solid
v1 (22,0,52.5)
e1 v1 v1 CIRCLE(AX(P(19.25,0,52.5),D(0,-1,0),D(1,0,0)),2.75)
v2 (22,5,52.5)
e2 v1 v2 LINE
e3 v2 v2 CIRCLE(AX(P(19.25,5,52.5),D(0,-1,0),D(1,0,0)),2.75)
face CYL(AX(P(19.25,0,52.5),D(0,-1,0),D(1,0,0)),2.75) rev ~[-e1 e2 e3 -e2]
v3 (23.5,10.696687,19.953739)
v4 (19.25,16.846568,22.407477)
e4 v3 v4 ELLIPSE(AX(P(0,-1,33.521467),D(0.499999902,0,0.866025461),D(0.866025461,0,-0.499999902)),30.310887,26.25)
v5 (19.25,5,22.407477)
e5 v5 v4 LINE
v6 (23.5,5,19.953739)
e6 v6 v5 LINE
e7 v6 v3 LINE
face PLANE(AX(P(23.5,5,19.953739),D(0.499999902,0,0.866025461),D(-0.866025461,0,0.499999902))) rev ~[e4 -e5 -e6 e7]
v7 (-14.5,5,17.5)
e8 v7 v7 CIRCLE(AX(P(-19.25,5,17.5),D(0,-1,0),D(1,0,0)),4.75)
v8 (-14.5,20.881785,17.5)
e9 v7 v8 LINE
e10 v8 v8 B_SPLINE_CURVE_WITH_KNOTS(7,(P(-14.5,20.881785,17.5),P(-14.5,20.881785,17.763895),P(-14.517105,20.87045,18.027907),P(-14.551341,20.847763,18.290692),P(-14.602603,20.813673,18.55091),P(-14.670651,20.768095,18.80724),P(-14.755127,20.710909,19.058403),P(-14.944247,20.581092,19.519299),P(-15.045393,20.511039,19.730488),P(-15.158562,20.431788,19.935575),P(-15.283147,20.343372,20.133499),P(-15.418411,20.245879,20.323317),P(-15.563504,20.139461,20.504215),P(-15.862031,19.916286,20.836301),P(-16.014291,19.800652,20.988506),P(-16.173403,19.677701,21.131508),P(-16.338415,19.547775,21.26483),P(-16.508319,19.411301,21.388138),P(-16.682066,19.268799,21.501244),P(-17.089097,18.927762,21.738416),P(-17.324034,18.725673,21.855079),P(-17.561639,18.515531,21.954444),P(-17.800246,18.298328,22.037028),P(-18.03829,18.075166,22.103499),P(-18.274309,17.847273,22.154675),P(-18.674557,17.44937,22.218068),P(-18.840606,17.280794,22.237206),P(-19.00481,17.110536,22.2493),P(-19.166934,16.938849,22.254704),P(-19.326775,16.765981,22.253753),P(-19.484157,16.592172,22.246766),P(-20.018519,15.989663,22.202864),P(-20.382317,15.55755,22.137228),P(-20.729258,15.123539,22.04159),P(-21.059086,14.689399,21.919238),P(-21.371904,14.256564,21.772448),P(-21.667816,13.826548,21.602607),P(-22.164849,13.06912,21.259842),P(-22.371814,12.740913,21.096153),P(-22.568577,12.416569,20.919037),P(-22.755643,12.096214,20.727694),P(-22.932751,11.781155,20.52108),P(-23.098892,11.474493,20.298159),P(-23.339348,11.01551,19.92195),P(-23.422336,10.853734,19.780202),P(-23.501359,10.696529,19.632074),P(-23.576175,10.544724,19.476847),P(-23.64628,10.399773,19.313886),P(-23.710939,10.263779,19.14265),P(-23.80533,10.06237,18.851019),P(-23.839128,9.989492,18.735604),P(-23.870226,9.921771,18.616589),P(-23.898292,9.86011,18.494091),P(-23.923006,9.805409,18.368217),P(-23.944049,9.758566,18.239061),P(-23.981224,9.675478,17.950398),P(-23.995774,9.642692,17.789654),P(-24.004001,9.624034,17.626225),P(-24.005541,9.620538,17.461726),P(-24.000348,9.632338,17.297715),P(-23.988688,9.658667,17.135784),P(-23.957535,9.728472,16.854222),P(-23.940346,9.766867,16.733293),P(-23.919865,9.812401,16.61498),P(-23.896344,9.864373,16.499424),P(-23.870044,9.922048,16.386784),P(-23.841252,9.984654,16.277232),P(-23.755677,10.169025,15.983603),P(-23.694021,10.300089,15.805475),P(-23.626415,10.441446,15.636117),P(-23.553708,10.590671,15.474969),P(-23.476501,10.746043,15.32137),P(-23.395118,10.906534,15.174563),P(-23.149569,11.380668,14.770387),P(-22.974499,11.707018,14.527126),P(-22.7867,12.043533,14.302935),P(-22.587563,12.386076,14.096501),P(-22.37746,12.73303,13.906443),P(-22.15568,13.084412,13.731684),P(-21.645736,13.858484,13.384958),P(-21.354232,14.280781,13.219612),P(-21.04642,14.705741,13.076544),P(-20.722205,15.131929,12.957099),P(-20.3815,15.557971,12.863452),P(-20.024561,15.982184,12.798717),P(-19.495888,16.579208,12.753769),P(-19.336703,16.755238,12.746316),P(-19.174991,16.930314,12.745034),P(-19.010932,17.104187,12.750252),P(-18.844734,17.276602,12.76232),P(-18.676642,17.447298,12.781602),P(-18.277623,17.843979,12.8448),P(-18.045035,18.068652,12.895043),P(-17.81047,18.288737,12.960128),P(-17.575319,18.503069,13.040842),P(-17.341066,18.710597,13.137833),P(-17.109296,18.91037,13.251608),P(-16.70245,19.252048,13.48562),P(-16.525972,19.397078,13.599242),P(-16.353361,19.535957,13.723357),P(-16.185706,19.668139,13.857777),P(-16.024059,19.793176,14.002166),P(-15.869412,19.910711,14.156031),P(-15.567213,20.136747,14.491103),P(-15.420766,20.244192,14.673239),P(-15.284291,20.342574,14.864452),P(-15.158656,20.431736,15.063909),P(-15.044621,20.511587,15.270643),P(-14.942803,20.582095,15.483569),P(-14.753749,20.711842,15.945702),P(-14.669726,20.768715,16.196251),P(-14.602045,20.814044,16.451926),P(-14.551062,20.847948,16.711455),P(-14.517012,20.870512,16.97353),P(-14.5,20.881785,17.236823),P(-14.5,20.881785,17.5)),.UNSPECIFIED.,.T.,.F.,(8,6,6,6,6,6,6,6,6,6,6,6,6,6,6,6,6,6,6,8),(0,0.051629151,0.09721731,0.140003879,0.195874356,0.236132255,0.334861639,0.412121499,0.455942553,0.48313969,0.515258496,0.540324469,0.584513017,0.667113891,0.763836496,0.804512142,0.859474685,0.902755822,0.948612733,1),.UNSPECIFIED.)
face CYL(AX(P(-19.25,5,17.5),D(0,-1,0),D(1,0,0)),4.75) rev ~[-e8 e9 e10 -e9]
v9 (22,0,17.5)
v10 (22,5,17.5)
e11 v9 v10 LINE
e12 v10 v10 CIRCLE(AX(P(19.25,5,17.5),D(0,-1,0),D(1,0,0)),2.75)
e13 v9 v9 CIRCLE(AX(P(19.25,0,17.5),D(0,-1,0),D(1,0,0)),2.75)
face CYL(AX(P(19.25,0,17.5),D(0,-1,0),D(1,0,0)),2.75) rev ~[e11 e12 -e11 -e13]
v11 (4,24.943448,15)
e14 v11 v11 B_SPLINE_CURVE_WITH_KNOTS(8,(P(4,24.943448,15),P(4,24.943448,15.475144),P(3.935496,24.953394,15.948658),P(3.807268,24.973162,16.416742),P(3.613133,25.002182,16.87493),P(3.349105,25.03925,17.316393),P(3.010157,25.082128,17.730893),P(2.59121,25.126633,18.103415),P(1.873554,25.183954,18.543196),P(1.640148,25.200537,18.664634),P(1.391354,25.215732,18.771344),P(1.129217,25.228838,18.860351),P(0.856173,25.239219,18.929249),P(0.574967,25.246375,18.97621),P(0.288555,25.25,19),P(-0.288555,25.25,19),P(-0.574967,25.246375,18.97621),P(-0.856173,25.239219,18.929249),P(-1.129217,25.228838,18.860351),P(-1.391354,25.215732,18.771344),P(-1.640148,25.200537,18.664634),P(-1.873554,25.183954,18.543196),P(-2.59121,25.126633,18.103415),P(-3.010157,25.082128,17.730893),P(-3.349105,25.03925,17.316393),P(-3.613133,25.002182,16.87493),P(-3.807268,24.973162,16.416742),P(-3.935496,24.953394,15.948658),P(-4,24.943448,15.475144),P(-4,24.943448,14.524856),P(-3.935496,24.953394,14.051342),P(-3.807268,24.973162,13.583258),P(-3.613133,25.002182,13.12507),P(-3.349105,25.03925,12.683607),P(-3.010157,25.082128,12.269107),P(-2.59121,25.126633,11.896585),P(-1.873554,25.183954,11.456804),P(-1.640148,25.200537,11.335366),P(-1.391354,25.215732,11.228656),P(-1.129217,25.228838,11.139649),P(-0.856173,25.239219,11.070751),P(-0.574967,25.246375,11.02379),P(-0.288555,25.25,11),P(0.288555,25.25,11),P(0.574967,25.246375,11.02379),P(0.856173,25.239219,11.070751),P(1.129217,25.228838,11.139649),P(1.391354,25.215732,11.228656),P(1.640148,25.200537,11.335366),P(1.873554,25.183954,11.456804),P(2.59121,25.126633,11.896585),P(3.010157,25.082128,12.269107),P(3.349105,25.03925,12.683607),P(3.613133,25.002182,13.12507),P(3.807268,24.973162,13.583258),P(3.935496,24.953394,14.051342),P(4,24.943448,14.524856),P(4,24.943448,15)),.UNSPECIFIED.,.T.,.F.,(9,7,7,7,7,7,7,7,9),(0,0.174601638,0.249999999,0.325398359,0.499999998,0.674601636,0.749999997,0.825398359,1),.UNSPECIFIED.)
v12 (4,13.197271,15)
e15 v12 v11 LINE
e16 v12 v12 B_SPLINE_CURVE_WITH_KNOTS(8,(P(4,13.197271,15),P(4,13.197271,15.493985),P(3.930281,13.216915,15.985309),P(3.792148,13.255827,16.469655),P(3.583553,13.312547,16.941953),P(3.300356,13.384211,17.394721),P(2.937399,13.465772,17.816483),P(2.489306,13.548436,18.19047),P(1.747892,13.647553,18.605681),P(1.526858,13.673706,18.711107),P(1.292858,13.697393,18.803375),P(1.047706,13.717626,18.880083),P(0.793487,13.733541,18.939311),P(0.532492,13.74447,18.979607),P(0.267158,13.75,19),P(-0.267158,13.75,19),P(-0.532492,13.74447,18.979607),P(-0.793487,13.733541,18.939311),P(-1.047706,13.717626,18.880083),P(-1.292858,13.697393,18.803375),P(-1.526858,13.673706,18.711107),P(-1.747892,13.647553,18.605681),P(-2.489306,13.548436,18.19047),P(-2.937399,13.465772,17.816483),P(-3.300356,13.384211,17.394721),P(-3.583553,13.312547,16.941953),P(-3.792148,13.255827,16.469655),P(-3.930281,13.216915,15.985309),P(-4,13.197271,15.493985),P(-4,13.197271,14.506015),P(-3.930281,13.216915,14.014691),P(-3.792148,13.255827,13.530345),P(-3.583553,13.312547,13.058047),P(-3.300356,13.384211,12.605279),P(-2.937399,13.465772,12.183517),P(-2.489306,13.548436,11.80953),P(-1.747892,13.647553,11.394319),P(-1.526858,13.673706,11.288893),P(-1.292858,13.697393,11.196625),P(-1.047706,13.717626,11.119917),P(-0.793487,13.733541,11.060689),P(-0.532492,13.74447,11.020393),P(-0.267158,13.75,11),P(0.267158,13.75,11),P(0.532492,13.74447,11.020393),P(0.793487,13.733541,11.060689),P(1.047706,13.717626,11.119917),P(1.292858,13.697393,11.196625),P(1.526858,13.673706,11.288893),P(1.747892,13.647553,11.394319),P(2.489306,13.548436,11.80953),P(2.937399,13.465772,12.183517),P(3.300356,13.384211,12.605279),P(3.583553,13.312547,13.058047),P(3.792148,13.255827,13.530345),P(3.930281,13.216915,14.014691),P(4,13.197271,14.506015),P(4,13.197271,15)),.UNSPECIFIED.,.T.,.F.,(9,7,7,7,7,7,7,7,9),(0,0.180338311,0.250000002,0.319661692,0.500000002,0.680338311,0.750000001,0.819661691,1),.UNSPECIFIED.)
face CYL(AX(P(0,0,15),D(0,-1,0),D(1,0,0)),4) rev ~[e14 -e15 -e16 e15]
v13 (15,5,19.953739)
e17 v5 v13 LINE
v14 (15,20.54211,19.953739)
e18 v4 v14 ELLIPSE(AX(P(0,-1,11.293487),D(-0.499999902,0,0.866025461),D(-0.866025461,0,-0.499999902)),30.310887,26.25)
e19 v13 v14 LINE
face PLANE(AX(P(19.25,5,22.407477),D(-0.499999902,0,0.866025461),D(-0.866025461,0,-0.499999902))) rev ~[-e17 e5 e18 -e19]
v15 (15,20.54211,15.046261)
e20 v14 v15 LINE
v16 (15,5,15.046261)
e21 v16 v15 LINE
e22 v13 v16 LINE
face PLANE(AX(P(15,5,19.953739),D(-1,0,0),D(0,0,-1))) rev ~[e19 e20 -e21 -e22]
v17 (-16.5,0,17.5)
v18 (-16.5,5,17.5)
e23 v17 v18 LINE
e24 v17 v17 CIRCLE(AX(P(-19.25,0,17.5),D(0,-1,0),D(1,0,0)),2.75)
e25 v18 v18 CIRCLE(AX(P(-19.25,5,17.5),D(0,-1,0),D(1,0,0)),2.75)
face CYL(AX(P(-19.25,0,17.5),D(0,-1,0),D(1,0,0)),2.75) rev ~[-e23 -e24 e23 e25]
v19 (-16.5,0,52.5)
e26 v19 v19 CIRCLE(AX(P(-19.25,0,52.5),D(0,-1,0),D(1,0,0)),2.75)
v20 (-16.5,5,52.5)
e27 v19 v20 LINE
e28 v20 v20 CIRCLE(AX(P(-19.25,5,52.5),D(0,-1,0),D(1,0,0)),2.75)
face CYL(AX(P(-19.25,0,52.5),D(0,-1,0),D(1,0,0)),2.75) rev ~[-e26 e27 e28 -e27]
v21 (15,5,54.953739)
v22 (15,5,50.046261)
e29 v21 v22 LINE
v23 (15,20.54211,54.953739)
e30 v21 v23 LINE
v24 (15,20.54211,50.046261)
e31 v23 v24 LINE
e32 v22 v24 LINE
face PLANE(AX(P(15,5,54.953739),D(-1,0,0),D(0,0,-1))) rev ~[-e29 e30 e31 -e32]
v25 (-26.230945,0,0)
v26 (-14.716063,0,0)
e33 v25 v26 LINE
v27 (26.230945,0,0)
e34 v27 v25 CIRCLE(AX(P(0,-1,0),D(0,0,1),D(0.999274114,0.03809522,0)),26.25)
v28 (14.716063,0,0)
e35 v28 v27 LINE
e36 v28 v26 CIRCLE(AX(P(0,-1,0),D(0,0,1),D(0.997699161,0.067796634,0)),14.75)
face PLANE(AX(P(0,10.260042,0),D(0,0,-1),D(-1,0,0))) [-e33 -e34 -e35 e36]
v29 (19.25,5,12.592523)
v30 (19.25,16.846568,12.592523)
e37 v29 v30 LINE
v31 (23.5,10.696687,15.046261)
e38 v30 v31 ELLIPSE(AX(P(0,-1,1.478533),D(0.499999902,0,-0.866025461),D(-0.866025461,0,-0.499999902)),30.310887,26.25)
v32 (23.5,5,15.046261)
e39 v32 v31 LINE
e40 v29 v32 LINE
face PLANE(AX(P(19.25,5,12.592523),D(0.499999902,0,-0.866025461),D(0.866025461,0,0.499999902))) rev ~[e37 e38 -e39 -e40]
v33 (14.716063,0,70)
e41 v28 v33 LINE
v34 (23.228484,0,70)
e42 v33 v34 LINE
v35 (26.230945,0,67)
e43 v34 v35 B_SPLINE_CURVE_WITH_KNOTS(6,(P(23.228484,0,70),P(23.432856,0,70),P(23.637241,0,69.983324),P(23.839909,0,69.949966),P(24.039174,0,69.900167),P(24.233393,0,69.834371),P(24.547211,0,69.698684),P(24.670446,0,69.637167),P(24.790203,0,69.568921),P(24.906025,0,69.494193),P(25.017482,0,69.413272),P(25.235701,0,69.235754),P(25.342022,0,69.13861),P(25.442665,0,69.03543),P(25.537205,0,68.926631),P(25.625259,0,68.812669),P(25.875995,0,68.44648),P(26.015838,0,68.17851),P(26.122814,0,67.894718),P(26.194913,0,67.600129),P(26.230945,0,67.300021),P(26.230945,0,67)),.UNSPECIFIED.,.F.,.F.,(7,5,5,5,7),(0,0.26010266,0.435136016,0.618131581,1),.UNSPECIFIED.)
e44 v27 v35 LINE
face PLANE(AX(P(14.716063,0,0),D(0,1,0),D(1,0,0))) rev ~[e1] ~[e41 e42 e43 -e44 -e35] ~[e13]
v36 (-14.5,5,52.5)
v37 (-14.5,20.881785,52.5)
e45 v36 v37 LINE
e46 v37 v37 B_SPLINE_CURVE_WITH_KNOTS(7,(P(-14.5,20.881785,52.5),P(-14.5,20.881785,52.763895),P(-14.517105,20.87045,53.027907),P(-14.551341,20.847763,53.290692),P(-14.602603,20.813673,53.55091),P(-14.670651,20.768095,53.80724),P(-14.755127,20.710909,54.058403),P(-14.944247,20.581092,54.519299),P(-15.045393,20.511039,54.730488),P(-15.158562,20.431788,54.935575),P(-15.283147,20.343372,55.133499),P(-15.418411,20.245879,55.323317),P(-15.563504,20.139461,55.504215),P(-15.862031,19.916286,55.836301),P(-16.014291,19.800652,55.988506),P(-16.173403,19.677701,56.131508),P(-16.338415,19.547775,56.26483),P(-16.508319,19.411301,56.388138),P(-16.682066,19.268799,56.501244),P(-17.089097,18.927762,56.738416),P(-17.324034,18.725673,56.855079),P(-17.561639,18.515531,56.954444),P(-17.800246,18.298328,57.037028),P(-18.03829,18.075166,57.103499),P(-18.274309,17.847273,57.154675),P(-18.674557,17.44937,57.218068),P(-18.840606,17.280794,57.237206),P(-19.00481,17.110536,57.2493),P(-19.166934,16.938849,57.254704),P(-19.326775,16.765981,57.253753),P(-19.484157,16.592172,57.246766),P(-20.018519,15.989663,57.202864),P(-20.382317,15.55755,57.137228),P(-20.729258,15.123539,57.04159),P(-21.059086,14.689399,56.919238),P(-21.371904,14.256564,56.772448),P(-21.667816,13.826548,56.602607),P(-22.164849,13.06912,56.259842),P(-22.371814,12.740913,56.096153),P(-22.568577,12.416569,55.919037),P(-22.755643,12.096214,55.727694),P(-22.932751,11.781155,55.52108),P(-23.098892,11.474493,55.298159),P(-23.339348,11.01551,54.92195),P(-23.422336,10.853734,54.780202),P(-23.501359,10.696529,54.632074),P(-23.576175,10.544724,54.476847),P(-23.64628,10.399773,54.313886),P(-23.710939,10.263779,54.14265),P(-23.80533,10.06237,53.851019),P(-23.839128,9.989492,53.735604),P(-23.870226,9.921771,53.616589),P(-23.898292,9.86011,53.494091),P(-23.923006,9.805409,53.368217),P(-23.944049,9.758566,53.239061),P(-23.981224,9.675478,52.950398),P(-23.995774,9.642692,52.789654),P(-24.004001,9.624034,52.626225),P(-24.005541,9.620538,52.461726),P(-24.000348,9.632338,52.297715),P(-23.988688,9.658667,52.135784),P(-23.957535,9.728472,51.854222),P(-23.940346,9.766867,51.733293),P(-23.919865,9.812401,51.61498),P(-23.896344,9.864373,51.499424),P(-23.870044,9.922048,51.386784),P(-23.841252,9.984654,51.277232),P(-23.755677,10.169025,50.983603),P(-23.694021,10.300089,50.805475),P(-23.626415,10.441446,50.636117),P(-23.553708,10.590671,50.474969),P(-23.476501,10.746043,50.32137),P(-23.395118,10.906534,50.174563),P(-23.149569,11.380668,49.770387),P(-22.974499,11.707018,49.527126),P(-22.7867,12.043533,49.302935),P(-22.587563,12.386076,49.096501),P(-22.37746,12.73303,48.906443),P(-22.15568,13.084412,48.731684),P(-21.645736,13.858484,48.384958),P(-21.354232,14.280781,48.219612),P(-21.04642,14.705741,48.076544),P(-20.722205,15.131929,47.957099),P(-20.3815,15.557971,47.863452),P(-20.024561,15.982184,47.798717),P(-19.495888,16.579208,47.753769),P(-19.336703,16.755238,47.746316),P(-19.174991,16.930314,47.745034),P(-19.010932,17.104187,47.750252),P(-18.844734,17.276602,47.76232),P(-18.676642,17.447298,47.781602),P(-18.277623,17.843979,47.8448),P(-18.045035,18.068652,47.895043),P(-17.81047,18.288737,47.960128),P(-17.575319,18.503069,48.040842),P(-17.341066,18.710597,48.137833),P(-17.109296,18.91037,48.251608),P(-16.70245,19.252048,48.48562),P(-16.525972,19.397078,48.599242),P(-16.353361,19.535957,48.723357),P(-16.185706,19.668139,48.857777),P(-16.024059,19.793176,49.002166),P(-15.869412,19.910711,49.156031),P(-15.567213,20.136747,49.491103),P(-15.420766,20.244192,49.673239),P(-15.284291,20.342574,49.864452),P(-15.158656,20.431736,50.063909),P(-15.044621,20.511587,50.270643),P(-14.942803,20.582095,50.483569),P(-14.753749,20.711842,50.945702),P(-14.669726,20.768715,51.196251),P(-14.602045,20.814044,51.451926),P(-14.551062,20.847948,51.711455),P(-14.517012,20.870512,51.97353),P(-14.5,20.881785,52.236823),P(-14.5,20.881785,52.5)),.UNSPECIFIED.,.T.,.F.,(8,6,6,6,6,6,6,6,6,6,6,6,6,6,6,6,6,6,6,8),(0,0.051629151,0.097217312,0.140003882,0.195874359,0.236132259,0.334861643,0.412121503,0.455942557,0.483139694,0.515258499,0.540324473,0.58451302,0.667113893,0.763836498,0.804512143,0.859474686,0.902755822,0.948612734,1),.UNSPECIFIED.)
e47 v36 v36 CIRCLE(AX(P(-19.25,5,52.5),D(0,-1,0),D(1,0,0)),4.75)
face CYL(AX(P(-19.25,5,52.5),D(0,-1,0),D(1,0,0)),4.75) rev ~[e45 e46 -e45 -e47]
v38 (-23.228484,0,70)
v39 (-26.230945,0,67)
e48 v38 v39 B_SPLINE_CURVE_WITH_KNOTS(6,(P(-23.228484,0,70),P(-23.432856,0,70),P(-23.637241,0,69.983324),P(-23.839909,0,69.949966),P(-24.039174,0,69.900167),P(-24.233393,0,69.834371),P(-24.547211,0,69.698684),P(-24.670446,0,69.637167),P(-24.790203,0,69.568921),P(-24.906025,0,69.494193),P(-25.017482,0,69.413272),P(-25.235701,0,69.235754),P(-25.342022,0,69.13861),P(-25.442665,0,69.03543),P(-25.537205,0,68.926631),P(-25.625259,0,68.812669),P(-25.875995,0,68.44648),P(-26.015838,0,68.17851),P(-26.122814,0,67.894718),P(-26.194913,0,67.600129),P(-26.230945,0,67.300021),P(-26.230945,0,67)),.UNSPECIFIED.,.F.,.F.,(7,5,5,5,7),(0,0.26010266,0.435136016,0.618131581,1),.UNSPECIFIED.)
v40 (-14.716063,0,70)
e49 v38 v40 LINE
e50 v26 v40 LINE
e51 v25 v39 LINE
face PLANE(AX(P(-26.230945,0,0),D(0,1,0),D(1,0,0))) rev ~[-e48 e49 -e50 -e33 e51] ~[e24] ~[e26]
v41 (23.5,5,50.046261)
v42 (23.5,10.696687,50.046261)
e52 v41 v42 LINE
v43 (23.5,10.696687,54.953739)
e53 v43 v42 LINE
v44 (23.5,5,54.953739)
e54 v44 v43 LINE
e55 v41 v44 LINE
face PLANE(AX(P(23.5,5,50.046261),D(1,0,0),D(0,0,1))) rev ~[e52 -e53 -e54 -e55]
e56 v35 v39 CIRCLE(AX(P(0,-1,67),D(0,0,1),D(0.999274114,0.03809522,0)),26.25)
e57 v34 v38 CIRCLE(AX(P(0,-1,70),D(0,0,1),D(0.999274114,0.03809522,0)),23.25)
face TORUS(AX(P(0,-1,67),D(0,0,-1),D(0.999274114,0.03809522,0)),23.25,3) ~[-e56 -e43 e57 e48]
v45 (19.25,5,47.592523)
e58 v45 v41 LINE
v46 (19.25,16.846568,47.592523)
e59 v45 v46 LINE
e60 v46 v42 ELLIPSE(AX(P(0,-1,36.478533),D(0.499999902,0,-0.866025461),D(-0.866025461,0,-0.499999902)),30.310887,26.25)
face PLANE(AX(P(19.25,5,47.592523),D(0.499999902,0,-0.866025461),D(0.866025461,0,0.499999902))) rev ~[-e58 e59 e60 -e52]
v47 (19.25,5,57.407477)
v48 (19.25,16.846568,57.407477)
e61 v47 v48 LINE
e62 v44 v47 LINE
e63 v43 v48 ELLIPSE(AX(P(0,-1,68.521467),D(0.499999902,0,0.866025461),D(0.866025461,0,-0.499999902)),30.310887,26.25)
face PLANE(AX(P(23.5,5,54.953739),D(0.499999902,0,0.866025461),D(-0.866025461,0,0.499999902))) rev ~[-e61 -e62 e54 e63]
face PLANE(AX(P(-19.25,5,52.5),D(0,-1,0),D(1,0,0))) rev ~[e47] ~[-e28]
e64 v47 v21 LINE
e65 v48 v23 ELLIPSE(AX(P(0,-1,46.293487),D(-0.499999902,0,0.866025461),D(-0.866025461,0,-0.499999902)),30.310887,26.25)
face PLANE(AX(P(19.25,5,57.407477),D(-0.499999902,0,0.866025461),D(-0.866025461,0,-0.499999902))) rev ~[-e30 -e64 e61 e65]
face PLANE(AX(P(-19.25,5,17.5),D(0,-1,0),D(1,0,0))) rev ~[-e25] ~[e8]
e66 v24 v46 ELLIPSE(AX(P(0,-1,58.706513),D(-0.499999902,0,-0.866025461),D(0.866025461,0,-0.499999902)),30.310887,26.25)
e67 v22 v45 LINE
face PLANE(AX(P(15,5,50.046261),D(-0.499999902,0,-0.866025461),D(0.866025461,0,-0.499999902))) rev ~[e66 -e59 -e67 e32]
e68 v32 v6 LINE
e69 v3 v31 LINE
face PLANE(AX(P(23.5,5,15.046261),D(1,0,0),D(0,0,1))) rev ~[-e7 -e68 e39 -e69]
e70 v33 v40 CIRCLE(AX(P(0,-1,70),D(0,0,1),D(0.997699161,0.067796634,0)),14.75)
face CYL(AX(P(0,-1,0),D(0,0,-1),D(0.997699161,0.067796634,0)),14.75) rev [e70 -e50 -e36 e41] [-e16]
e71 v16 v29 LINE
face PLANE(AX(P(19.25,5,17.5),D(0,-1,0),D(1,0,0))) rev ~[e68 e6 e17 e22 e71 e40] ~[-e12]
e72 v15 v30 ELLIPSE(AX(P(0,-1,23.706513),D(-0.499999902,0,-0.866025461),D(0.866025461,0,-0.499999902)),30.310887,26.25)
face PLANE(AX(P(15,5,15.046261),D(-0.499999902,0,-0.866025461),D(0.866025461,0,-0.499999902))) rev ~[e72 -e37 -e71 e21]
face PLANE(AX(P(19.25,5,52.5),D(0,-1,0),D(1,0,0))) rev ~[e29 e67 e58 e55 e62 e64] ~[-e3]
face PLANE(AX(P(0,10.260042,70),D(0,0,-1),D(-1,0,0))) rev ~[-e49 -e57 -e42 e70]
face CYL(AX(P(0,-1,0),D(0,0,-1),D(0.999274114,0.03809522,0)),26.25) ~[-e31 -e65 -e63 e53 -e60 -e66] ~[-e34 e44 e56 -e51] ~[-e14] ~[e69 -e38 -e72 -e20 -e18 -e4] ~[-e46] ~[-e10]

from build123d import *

# Parameters (mm, degrees)
PAD_DEPTH       = 70
SKETCH001_R     = 2.75
SKETCH001_R_2   = 4
POCKET_DEPTH    = 25.251
SKETCH002_R     = 4.75
POCKET001_DEPTH = 20.251
FILLET_R        = 3


with BuildPart() as part:
    # Sketch → Pad (new body)
    with BuildSketch(Plane.XY):
        with BuildLine():
            ThreePointArc((14.716063, 0), (0, 13.75), (-14.716063, 0))
            Line((-26.230945, 0), (-14.716063, 0))
            ThreePointArc((26.230945, 0), (0, 25.25), (-26.230945, 0))
            Line((14.716063, 0), (26.230945, 0))
        make_face()
    extrude(amount=PAD_DEPTH)

    # Sketch001 (on Face2 of Pad) → Pocket (cut, through all)
    with BuildSketch(Plane.XZ):
        with Locations((-19.25, 17.5)):
            Circle(SKETCH001_R)
        with Locations((19.25, 17.5)):
            Circle(SKETCH001_R)
        with Locations((0, 15)):
            Circle(SKETCH001_R_2)
        with Locations((19.25, 52.5)):
            Circle(SKETCH001_R)
        with Locations((-19.25, 52.5)):
            Circle(SKETCH001_R)
    extrude(amount=-POCKET_DEPTH, mode=Mode.SUBTRACT)

    # Sketch002 (on DatumPlane) → Pocket001 (cut, through all)
    with BuildSketch(Plane.XZ.offset(-5)):
        with Locations((-19.25, 17.5)):
            Circle(SKETCH002_R)
        with Locations((-19.25, 52.5)):
            Circle(SKETCH002_R)
        Polygon((19.25, 12.592523), (23.5, 15.046261), (23.5, 19.953739), (19.25, 22.407477), (15, 19.953739), (15, 15.046261), align=None)
        Polygon((19.25, 47.592523), (23.5, 50.046261), (23.5, 54.953739), (19.25, 57.407477), (15, 54.953739), (15, 50.046261), align=None)
    extrude(amount=-POCKET001_DEPTH, mode=Mode.SUBTRACT)

    # Fillet
    fillet_edges = [part.edges().sort_by_distance(p)[0] for p in [
        (0, 25.25, 70),
    ]]
    fillet(fillet_edges, radius=FILLET_R)


solid = part.part
